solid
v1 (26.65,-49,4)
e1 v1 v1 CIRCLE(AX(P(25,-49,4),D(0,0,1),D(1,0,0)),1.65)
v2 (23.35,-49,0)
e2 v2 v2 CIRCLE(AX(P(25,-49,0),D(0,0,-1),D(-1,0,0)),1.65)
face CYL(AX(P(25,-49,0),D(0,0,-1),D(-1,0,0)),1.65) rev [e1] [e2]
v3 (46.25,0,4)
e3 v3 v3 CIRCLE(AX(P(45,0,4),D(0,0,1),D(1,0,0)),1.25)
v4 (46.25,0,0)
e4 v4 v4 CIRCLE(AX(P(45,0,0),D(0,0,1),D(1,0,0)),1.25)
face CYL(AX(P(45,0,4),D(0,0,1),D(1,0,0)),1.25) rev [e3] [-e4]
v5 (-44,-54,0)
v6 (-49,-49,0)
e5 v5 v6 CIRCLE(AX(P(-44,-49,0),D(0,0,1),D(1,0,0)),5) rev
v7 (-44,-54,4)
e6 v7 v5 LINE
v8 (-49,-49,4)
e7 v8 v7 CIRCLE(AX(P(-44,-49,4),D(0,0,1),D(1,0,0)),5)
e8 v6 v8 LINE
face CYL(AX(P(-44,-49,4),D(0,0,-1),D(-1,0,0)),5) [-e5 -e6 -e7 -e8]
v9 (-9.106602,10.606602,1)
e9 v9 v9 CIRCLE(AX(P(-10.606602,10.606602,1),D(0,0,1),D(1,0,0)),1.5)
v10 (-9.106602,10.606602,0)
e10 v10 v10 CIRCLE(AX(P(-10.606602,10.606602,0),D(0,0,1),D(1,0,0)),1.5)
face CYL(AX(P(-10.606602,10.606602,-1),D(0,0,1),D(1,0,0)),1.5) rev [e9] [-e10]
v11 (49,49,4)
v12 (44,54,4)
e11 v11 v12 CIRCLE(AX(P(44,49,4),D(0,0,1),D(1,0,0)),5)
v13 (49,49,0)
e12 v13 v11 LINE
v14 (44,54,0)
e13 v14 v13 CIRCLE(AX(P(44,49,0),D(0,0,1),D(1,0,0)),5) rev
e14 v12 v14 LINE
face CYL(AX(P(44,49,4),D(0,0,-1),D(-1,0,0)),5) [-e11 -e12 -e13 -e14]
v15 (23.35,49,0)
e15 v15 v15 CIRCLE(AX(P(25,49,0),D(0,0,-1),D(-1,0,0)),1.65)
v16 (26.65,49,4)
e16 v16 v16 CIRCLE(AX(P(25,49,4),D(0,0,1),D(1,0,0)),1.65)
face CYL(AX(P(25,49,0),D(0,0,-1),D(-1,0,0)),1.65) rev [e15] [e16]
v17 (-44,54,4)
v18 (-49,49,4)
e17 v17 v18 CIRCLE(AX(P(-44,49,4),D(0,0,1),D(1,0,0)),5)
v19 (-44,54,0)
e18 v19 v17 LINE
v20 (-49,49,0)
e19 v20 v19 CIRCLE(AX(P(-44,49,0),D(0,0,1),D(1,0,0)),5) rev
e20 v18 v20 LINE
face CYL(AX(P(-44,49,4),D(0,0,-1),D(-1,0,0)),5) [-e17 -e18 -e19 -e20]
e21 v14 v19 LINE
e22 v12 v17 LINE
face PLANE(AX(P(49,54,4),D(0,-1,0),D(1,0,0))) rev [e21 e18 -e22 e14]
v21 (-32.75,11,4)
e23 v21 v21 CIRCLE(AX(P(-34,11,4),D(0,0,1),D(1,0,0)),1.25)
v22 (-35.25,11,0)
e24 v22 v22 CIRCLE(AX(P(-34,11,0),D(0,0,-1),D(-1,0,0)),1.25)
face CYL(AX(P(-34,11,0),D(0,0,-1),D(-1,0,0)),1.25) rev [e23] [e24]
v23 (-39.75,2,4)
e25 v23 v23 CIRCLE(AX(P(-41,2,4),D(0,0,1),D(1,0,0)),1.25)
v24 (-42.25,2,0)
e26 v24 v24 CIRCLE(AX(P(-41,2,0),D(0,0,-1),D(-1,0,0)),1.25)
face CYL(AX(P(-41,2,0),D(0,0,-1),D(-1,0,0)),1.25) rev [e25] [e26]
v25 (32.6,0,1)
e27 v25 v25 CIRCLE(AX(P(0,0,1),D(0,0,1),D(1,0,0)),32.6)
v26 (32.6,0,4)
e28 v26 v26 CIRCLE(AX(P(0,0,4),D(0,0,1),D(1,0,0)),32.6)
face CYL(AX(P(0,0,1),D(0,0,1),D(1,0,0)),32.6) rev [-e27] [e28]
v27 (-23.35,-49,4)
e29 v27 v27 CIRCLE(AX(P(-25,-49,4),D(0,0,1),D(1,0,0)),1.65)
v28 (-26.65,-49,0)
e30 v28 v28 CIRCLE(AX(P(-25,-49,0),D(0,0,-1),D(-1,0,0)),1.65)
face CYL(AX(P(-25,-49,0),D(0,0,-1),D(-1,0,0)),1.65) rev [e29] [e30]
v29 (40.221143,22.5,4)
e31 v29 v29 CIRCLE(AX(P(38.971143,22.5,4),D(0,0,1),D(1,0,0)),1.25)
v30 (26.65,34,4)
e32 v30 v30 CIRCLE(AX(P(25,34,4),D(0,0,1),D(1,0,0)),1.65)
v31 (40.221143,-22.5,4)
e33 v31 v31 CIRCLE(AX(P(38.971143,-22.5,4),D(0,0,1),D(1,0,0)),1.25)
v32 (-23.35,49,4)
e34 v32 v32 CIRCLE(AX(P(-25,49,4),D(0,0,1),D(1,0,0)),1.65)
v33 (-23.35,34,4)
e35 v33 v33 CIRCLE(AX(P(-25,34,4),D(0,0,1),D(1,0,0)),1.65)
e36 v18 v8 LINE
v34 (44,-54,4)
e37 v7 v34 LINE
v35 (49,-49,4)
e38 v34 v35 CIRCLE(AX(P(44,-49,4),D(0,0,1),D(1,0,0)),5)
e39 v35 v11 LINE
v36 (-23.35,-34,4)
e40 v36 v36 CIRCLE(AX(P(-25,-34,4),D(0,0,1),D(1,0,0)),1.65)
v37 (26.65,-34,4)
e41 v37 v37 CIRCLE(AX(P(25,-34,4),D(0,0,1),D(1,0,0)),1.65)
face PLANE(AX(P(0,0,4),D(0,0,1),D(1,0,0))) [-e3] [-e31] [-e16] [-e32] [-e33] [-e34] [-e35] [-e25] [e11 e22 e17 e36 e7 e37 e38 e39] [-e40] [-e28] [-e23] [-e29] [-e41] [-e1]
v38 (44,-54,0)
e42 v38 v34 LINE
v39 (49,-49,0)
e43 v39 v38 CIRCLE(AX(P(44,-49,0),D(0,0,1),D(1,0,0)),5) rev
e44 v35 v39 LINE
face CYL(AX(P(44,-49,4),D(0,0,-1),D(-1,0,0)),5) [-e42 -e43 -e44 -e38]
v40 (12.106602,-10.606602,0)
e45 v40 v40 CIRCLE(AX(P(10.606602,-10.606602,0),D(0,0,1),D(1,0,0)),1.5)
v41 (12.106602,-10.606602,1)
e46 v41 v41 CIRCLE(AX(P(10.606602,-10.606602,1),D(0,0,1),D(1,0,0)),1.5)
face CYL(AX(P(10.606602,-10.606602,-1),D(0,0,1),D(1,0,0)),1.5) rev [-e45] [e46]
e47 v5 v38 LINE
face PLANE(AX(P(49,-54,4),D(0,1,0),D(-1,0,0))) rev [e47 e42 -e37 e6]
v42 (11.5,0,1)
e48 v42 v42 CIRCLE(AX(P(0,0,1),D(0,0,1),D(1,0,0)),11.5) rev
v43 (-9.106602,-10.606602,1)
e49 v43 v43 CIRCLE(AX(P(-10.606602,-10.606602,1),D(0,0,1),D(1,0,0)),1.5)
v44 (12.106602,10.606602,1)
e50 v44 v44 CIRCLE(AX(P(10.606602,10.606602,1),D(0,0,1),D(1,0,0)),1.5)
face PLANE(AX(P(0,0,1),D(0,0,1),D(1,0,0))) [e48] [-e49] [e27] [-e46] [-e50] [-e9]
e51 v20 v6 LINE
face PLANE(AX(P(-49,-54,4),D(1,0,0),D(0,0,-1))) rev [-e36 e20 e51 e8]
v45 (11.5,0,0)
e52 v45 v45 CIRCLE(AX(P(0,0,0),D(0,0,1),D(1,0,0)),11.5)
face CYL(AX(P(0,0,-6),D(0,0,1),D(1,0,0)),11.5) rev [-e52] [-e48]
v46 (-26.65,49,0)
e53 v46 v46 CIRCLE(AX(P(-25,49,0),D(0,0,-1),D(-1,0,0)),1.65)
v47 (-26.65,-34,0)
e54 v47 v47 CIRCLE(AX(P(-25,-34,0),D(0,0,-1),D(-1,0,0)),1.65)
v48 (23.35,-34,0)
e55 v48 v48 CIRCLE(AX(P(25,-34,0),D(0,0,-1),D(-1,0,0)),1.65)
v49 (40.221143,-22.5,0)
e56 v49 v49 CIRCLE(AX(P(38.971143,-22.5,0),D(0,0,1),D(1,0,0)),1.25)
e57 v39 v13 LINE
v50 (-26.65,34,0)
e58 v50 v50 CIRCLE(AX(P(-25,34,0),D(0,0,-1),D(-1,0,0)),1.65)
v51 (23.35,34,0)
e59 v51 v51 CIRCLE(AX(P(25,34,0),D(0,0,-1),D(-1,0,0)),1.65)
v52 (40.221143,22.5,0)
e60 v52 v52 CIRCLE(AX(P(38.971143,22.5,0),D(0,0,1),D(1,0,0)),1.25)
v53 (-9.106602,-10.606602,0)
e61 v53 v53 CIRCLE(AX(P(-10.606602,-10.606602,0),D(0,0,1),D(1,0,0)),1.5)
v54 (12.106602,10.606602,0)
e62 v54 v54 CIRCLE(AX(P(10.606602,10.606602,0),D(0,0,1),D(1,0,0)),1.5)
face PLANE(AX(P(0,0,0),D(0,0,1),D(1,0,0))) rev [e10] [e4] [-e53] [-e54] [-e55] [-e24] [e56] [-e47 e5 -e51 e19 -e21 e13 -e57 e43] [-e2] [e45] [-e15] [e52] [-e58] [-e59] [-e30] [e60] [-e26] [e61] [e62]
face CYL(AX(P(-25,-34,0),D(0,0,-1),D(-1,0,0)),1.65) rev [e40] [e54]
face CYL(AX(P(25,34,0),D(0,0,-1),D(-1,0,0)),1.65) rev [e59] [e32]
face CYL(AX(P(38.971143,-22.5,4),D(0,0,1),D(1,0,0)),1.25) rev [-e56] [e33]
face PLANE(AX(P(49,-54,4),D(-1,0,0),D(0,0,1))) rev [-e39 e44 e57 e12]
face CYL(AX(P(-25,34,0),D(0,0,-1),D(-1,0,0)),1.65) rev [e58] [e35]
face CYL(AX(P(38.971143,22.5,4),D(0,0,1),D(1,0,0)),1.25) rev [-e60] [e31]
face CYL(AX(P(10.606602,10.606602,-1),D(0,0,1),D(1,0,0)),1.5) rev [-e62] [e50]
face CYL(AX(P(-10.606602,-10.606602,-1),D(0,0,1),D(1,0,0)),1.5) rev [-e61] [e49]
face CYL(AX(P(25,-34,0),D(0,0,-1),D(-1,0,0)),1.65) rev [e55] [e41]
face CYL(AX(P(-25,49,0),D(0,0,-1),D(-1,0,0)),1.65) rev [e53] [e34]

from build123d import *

# Parameters (mm, degrees)
SKETCH_1_W             = 98
SKETCH_1_H             = 108
EXTRUDE_1_DEPTH        = 4
SKETCH_2_R             = 11.5
CUT_EXTRUDE_1_DEPTH    = 10
SKETCH_3_R             = 32.6
CUT_EXTRUDE_2_DEPTH    = 3
SKETCH_4_R             = 1.5
CUT_EXTRUDE_3_DEPTH    = 2
FILLET_1_R             = 5
HOLE_WIZARD_M4_1_D     = 3.3
HOLE_WIZARD_M4_1_DEPTH = 10.1
HOLE_WIZARD_M4_1_TIP   = 0.991420021
HOLE_WIZARD_M3_1_D     = 2.5
HOLE_WIZARD_M3_1_DEPTH = 7.5
HOLE_WIZARD_M3_1_TIP   = 0.751075774
HOLE_WIZARD_M3_2_D     = 2.5
HOLE_WIZARD_M3_2_DEPTH = 7.5
HOLE_WIZARD_M3_2_TIP   = 0.751075774


with BuildPart() as part:
    # 草图1 → 凸台-拉伸1 (new body)
    with BuildSketch(Plane.XY):
        Rectangle(SKETCH_1_W, SKETCH_1_H)
    extrude(amount=EXTRUDE_1_DEPTH)

    # 草图2 → 切除-拉伸1 (cut)
    with BuildSketch(Plane.XY.offset(4)):
        Circle(SKETCH_2_R)
    extrude(amount=-CUT_EXTRUDE_1_DEPTH, mode=Mode.SUBTRACT)

    # 草图3 → 切除-拉伸2 (cut)
    with BuildSketch(Plane.XY.offset(4)):
        Circle(SKETCH_3_R)
    extrude(amount=-CUT_EXTRUDE_2_DEPTH, mode=Mode.SUBTRACT)

    # 草图4 → 切除-拉伸3 (cut)
    with BuildSketch(Plane.XY.offset(1)):
        with Locations((-10.606601718, 10.606601718)):
            Circle(SKETCH_4_R)
        with Locations((10.606601718, -10.606601718)):
            Circle(SKETCH_4_R)
        with Locations((10.606601718, 10.606601718)):
            Circle(SKETCH_4_R)
        with Locations((-10.606601718, -10.606601718)):
            Circle(SKETCH_4_R)
    extrude(amount=-CUT_EXTRUDE_3_DEPTH, mode=Mode.SUBTRACT)

    # 圆角1
    fillet_1_edges = [part.edges().sort_by_distance(p)[0] for p in [
        (-49, 54, 2),
        (49, 54, 2),
        (49, -54, 2),
        (-49, -54, 2),
    ]]
    fillet(fillet_1_edges, radius=FILLET_1_R)

    # M4 螺纹孔1
    with Locations(Plane(origin=(0, 0, 0), x_dir=(-1, 0, 0), z_dir=(0, 0, -1))):
        with Locations((-25, 49), (-25, 34), (25, 34), (25, 49), (-25, -34), (-25, -49), (25, -49), (25, -34)):
            Hole(HOLE_WIZARD_M4_1_D / 2, depth=HOLE_WIZARD_M4_1_DEPTH)
            with Locations((0, 0, -(HOLE_WIZARD_M4_1_DEPTH + HOLE_WIZARD_M4_1_TIP / 2))):  # 118° drill point
                Cone(0, HOLE_WIZARD_M4_1_D / 2, HOLE_WIZARD_M4_1_TIP, mode=Mode.SUBTRACT)

    # M3 螺纹孔1
    with Locations(Plane(origin=(0, 0, 0), x_dir=(-1, 0, 0), z_dir=(0, 0, -1))):
        with Locations((41, 2), (34, 11)):
            Hole(HOLE_WIZARD_M3_1_D / 2, depth=HOLE_WIZARD_M3_1_DEPTH)
            with Locations((0, 0, -(HOLE_WIZARD_M3_1_DEPTH + HOLE_WIZARD_M3_1_TIP / 2))):  # 118° drill point
                Cone(0, HOLE_WIZARD_M3_1_D / 2, HOLE_WIZARD_M3_1_TIP, mode=Mode.SUBTRACT)

    # M3 螺纹孔2
    with Locations(Plane.XY.offset(4)):
        with Locations((38.97114317, 22.5), (45, 0), (38.97114317, -22.5)):
            Hole(HOLE_WIZARD_M3_2_D / 2, depth=HOLE_WIZARD_M3_2_DEPTH)
            with Locations((0, 0, -(HOLE_WIZARD_M3_2_DEPTH + HOLE_WIZARD_M3_2_TIP / 2))):  # 118° drill point
                Cone(0, HOLE_WIZARD_M3_2_D / 2, HOLE_WIZARD_M3_2_TIP, mode=Mode.SUBTRACT)


solid = part.part
